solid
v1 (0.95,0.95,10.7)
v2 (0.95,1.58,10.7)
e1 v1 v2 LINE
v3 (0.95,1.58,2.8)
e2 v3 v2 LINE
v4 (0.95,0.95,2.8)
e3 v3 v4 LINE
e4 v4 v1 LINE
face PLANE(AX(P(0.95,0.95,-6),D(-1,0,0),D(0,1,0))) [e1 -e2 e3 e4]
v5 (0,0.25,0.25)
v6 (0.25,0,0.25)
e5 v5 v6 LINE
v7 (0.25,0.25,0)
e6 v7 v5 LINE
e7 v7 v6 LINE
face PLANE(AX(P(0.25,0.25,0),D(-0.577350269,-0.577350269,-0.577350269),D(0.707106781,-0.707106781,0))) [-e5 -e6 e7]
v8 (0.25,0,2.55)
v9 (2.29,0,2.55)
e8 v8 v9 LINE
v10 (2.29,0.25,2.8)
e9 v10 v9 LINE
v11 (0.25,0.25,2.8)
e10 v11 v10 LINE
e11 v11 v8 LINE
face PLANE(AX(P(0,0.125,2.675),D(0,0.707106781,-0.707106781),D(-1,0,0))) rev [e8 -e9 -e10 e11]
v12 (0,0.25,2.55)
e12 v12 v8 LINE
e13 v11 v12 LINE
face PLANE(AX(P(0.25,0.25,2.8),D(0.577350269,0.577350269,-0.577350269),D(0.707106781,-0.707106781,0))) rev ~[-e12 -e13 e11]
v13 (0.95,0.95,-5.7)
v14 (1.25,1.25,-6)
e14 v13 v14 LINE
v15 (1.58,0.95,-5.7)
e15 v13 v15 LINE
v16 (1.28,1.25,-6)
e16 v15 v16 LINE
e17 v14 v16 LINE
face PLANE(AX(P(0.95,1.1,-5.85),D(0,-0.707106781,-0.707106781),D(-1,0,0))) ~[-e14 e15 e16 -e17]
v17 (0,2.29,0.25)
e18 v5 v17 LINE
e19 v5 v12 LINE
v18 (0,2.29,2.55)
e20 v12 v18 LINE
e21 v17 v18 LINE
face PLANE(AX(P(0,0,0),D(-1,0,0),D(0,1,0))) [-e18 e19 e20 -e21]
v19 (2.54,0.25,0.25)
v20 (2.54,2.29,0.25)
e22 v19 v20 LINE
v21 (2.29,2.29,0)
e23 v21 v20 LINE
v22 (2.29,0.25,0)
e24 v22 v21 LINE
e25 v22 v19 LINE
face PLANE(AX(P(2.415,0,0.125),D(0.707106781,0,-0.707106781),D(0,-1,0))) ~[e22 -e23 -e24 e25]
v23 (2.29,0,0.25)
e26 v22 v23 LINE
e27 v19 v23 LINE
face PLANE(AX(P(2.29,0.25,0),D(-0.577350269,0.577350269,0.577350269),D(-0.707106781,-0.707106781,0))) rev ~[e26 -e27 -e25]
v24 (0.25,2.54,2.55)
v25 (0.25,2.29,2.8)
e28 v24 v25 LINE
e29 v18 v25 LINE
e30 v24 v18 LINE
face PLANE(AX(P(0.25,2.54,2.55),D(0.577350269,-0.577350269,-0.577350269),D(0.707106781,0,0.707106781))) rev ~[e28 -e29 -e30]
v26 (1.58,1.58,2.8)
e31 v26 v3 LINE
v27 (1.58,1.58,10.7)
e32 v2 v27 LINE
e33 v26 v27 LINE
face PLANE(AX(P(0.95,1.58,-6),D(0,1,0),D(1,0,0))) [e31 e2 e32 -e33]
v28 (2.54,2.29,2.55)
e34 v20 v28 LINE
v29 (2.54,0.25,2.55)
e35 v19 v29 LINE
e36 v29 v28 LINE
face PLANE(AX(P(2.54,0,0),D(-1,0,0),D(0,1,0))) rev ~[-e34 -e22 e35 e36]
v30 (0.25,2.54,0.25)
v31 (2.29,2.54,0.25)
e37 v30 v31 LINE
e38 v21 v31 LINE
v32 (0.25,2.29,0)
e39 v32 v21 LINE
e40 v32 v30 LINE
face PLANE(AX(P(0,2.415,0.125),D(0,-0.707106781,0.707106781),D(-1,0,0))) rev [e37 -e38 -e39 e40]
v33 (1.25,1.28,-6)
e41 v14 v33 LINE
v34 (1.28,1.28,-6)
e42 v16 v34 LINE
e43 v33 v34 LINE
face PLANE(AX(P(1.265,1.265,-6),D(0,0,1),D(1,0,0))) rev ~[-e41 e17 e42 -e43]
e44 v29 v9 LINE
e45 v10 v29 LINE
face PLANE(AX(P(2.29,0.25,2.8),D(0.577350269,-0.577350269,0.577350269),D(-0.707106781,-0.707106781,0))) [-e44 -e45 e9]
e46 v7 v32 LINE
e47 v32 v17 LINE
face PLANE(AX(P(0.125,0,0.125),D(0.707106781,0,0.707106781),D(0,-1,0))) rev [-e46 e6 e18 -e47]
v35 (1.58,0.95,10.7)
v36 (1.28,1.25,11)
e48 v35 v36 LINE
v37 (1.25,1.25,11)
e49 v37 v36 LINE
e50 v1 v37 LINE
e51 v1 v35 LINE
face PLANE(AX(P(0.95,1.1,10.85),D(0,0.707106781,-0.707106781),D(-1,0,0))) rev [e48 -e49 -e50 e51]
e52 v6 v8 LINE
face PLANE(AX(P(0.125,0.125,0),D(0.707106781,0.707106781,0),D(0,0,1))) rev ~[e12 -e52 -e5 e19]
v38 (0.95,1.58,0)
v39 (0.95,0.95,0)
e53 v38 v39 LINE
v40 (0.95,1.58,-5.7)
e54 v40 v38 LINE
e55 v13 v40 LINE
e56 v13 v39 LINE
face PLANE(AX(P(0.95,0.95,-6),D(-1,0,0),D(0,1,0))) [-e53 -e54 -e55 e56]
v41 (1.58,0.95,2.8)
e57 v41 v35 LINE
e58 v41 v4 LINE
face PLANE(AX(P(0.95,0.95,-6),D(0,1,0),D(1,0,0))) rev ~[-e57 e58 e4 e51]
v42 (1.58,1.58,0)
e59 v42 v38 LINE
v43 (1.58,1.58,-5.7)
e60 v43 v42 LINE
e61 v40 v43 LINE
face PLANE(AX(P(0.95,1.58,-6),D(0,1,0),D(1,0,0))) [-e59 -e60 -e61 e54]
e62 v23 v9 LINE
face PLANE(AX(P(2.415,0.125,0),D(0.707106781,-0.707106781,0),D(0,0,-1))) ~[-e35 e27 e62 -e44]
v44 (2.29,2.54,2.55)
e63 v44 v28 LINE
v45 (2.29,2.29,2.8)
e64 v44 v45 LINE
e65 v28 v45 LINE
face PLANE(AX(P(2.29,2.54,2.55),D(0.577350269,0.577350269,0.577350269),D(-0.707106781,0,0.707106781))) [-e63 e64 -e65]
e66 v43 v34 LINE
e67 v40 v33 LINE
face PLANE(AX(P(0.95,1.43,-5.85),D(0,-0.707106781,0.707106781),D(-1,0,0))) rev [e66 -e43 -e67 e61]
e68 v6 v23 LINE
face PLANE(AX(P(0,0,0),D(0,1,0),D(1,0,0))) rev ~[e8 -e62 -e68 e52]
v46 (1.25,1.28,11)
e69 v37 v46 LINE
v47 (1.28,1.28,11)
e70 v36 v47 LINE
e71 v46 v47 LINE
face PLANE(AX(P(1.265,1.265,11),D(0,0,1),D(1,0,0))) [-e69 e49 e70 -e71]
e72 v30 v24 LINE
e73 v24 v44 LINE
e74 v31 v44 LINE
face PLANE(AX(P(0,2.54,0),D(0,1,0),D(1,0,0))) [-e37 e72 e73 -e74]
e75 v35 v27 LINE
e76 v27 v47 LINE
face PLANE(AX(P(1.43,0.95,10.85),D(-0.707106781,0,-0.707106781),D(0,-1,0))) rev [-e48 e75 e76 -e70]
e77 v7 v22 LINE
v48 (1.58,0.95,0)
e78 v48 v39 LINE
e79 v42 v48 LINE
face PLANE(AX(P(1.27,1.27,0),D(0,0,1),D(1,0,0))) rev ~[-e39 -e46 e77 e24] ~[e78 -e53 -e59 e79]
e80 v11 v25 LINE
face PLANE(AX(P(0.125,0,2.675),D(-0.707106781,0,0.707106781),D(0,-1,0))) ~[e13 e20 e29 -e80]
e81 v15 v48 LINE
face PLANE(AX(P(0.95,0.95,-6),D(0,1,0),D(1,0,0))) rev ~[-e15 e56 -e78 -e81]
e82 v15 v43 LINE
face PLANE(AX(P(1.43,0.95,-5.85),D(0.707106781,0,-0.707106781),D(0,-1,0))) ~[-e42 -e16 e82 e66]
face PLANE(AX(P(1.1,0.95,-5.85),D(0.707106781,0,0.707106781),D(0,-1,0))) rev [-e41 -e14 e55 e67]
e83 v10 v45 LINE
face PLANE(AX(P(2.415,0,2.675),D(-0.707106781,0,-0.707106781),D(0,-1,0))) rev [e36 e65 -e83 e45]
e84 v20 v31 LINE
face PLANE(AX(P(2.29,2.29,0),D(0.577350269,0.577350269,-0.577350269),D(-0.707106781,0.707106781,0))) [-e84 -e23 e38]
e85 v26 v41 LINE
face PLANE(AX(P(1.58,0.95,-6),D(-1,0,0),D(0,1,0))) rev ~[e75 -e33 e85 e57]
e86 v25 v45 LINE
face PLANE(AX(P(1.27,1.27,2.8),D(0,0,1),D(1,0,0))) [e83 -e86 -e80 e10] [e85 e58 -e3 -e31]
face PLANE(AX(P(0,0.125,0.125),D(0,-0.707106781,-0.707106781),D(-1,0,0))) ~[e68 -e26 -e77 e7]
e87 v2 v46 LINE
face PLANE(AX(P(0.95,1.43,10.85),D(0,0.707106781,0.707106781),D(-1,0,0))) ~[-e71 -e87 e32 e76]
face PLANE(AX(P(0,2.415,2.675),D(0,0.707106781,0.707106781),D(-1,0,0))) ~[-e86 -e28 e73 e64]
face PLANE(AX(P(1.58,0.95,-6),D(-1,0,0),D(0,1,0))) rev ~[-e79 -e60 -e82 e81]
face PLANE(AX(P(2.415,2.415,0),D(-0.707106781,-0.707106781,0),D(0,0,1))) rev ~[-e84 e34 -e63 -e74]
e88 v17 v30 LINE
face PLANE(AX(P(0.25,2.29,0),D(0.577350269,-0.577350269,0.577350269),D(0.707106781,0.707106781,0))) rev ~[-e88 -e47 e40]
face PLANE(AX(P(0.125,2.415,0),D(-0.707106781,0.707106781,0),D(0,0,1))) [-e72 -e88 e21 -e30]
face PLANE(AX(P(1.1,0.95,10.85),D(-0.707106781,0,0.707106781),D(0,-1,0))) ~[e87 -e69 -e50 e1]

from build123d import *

# Parameters (mm, degrees)
BOX001_W        = 0.63
BOX001_H        = 0.63
BOX001_DEPTH    = 17
CHAMFER001_SIZE = 0.3
BOX_W           = 2.54
BOX_H           = 2.54
BOX_DEPTH       = 2.8
CHAMFER_SIZE    = 0.25


with BuildPart() as pin:
    # Box001 → Box001 (new body)
    with BuildSketch(Plane(origin=(-3, 0, 0), x_dir=(1, 0, 0), z_dir=(0, 0, 1))):
        with Locations((0.315, 0.315)):
            Rectangle(BOX001_W, BOX001_H)
    extrude(amount=BOX001_DEPTH)

    # Chamfer001
    chamfer001_edges = [pin.edges().sort_by_distance(p)[0] for p in [
        (-3, 0.315, 17),
        (-3, 0.315, 0),
        (-2.37, 0.315, 17),
        (-2.37, 0.315, 0),
        (-2.685, 0, 0),
        (-2.685, 0, 17),
        (-2.685, 0.63, 0),
        (-2.685, 0.63, 17),
    ]]
    chamfer(chamfer001_edges, length=CHAMFER001_SIZE)


with BuildPart() as pin_1:
    # Chamfer001 placement: moved
    add(pin.part.moved(Location((3.95, 0.95, -6))))


with BuildPart() as single_pin:
    # Box → Box (new body)
    with BuildSketch(Plane.XY):
        with Locations((1.27, 1.27)):
            Rectangle(BOX_W, BOX_H)
    extrude(amount=BOX_DEPTH)

    # Chamfer
    chamfer_edges = [single_pin.edges().sort_by_distance(p)[0] for p in [
        (0, 0, 1.4),
        (0, 1.27, 2.8),
        (0, 2.54, 1.4),
        (0, 1.27, 0),
        (2.54, 0, 1.4),
        (2.54, 1.27, 2.8),
        (2.54, 2.54, 1.4),
        (2.54, 1.27, 0),
        (1.27, 0, 0),
        (1.27, 0, 2.8),
        (1.27, 2.54, 0),
        (1.27, 2.54, 2.8),
    ]]
    chamfer(chamfer_edges, length=CHAMFER_SIZE)

    # Fusion: union Pin
    add(pin_1.part)


solid = single_pin.part
